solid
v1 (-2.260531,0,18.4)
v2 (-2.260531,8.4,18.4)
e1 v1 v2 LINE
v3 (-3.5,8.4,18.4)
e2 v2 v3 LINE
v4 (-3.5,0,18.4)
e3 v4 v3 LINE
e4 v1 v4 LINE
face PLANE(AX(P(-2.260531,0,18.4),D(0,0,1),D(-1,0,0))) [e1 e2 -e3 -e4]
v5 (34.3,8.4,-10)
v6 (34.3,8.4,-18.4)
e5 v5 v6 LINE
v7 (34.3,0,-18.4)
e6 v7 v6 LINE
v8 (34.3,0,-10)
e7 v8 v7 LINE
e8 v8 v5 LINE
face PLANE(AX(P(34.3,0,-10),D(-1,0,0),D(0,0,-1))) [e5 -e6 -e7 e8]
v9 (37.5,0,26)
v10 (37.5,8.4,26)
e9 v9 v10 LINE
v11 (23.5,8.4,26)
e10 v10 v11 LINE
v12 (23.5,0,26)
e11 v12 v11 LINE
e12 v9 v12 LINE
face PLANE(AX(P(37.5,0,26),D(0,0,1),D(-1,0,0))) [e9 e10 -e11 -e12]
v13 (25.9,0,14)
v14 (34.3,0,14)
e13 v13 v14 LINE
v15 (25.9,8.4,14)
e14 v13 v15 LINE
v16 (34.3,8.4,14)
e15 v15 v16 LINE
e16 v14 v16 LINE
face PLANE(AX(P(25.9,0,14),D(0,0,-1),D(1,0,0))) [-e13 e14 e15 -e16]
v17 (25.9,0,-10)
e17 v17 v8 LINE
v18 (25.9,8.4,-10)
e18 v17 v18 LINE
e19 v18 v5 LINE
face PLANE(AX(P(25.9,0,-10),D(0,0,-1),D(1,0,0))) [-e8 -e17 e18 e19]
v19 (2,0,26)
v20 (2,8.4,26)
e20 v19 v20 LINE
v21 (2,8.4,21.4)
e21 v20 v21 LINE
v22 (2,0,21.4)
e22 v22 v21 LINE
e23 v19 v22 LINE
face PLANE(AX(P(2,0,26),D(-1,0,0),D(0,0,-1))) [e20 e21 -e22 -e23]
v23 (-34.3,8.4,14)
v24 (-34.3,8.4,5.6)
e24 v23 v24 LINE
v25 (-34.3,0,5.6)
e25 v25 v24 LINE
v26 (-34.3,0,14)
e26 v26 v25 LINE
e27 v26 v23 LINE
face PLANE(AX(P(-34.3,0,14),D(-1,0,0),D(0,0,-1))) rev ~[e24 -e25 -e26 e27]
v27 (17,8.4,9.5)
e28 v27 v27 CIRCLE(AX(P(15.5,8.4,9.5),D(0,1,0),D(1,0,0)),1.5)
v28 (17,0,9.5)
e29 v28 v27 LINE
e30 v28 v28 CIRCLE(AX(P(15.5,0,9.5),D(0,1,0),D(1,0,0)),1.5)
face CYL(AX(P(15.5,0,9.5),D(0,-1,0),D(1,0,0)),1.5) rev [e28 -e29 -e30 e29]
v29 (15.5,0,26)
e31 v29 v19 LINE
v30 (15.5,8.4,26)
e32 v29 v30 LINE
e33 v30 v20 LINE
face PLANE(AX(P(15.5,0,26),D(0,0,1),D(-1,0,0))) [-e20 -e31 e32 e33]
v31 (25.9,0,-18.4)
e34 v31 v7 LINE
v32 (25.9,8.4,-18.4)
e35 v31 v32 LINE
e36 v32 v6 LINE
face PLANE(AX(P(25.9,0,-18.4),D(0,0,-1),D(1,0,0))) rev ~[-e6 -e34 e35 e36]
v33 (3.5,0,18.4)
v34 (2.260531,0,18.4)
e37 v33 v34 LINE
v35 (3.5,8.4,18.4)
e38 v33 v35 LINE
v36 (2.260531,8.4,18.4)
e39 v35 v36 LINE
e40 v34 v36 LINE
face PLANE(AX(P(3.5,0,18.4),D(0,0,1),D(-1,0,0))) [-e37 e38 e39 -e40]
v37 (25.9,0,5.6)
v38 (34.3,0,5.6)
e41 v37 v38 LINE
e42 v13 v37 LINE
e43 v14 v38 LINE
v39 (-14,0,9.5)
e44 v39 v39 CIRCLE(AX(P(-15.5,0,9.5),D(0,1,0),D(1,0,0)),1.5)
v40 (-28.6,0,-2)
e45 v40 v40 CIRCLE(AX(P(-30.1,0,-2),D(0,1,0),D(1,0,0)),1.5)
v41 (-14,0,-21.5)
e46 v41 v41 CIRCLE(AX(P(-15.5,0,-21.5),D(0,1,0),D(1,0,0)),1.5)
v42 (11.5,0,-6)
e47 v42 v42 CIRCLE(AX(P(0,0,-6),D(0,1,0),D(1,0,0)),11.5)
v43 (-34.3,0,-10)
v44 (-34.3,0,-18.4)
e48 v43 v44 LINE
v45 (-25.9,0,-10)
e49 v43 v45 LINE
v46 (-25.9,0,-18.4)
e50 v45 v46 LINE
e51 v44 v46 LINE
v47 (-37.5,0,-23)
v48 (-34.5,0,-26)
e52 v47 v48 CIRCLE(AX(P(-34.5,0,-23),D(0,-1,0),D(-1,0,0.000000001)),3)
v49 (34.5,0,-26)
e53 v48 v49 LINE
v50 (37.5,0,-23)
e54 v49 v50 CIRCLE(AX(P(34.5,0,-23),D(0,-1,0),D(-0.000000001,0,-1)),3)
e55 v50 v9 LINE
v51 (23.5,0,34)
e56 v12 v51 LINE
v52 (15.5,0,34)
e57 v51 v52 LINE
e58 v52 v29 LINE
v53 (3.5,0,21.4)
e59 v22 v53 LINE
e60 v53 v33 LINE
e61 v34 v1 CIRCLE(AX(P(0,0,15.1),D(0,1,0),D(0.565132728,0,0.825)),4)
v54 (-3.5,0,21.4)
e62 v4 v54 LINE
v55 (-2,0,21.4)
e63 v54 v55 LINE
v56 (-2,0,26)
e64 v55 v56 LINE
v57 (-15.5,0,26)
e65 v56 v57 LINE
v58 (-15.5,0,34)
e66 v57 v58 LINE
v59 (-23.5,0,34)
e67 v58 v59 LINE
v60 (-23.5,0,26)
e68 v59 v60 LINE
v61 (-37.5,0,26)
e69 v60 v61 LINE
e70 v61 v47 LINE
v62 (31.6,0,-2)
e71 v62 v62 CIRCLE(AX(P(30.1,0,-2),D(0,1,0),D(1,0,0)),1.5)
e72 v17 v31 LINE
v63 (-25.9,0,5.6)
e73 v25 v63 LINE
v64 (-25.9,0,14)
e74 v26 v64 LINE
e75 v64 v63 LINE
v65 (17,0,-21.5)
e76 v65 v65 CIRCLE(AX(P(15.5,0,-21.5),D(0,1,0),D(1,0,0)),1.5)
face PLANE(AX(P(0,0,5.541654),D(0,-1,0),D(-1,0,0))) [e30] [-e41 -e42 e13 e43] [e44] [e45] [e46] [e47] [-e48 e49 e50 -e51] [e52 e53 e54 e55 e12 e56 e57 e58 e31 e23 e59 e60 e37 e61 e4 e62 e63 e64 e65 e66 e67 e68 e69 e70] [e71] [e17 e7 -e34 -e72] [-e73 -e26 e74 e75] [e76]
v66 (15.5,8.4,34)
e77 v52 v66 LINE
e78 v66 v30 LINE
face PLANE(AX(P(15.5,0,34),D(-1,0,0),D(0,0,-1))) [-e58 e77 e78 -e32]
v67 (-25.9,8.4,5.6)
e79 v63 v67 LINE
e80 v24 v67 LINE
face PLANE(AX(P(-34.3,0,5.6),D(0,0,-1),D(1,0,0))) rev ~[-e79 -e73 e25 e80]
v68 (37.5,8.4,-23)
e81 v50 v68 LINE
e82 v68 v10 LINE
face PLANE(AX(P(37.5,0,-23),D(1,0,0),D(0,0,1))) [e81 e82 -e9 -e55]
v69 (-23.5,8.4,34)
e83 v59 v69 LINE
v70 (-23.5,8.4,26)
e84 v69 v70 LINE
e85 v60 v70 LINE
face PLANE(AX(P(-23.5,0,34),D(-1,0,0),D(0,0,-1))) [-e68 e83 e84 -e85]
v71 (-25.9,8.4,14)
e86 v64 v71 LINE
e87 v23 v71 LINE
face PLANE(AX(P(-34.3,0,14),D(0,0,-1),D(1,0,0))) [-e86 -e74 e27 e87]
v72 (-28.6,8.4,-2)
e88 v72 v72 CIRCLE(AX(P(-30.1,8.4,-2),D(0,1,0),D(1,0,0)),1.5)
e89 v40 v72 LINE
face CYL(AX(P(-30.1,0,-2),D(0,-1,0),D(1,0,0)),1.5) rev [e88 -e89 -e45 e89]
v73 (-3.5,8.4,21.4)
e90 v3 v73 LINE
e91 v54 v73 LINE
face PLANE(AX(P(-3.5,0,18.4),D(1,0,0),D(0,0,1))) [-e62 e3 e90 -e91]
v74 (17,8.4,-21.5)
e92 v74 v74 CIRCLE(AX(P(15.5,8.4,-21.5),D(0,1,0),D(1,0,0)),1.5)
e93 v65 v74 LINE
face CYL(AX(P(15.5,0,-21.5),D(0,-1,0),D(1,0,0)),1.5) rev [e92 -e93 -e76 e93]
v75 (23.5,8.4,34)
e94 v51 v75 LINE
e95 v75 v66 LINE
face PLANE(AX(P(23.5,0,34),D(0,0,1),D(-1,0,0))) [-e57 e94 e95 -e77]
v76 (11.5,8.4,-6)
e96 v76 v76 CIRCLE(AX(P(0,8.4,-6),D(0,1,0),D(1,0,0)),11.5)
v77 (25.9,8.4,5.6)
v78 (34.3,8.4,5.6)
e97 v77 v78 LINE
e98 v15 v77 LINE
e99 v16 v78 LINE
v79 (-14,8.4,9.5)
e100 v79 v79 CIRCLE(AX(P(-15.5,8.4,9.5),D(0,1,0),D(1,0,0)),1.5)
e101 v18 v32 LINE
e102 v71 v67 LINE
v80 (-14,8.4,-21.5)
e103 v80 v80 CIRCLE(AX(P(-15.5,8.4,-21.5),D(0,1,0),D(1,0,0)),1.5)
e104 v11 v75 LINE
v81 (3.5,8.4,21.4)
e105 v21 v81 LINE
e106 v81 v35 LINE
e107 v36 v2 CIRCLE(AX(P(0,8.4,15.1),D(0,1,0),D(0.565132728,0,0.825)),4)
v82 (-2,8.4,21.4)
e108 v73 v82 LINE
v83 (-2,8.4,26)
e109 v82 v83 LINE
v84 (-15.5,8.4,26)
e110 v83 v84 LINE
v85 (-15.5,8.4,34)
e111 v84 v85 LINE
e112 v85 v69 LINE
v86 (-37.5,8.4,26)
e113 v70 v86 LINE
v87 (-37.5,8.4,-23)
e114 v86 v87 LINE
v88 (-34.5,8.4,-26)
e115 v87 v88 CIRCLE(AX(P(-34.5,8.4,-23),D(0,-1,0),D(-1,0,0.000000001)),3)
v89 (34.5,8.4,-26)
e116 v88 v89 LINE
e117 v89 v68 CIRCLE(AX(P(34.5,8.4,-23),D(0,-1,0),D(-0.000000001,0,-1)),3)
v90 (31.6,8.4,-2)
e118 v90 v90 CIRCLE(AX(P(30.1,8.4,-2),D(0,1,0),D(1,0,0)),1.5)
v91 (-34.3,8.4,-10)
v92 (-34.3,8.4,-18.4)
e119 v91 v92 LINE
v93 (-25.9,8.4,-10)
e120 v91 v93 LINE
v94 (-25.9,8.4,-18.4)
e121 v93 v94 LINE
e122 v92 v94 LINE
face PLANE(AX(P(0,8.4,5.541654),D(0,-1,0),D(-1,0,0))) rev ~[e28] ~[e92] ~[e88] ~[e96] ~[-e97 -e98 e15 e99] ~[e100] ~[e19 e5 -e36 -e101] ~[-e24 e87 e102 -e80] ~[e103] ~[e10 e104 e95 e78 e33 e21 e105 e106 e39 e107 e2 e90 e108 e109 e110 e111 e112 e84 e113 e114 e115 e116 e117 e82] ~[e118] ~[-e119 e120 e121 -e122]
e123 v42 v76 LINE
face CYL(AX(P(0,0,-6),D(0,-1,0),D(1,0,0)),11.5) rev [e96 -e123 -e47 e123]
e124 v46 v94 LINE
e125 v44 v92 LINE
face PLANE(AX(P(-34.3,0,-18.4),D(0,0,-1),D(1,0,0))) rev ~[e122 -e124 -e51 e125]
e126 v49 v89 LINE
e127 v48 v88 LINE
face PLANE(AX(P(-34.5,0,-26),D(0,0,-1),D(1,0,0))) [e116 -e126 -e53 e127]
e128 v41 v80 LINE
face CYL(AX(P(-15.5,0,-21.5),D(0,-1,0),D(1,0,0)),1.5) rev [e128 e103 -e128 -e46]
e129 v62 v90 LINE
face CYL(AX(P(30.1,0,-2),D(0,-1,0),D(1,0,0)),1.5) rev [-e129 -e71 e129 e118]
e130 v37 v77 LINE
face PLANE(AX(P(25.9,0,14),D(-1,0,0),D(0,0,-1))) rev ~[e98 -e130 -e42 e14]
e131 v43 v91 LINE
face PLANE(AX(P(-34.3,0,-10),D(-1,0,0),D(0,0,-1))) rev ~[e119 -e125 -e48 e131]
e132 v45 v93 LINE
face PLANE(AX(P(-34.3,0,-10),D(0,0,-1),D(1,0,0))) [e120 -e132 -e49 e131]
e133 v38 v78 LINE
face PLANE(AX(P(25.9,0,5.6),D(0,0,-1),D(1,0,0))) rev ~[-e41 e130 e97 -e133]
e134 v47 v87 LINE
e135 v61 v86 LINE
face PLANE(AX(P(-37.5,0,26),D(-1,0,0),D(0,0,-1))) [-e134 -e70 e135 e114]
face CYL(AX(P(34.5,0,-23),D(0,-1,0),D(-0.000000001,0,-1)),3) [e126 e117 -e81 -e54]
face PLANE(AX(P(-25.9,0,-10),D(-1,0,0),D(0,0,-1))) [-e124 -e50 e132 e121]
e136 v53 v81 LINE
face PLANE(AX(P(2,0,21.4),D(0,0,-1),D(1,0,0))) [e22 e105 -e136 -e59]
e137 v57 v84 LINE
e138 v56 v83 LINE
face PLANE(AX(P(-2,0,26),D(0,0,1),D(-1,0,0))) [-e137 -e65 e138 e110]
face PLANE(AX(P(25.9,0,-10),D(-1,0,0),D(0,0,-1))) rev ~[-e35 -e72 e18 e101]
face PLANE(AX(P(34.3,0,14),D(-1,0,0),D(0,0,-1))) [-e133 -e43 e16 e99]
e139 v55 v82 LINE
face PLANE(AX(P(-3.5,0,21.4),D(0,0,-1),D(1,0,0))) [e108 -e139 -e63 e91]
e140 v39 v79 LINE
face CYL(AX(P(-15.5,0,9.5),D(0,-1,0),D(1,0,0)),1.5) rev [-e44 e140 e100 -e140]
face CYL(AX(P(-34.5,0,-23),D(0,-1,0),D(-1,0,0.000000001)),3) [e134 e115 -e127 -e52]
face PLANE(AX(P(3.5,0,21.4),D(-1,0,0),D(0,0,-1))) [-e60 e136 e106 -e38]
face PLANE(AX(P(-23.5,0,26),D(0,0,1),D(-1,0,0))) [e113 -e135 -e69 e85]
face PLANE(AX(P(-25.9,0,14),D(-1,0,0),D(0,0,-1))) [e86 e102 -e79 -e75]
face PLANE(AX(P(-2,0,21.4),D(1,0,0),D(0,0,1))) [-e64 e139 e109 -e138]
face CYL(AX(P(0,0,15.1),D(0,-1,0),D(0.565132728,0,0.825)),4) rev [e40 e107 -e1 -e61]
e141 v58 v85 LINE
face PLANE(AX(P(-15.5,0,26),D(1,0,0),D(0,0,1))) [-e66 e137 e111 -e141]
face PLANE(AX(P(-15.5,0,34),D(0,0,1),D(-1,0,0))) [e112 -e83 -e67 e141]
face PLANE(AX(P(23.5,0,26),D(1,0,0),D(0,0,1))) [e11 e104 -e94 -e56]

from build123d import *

# Parameters (mm, degrees)
SKETCH1_R           = 11.5
SKETCH1_R_2         = 1.5
SKETCH1_W           = 8.4
SKETCH1_H           = 8.4
BOSS_EXTRUDE1_DEPTH = 8.4


with BuildPart() as part:
    # Sketch1 → Boss-Extrude1 (new body)
    with BuildSketch(Plane(origin=(0, 0, 0), x_dir=(1, 0, 0), z_dir=(0, 1, 0))):
        with BuildLine():
            Line((-34.5, 26), (34.5, 26))
            ThreePointArc((34.5, 26), (36.621320344, 25.121320344), (37.5, 23))
            Line((37.5, 23), (37.5, -26))
            Line((37.5, -26), (23.5, -26))
            Line((23.5, -26), (23.5, -34))
            Line((23.5, -34), (15.5, -34))
            Line((15.5, -34), (15.5, -26))
            Line((15.5, -26), (2, -26))
            Line((2, -26), (2, -21.4))
            Line((2, -21.4), (3.5, -21.4))
            Line((3.5, -21.4), (3.5, -18.4))
            Line((3.5, -18.4), (2.260530911, -18.4))
            ThreePointArc((2.260530911, -18.4), (0, -11.1), (-2.260530911, -18.4))
            Line((-2.260530911, -18.4), (-3.5, -18.4))
            Line((-3.5, -18.4), (-3.5, -21.4))
            Line((-3.5, -21.4), (-2, -21.4))
            Line((-2, -21.4), (-2, -26))
            Line((-2, -26), (-15.5, -26))
            Line((-15.5, -26), (-15.5, -34))
            Line((-15.5, -34), (-23.5, -34))
            Line((-23.5, -34), (-23.5, -26))
            Line((-23.5, -26), (-37.5, -26))
            Line((-37.5, -26), (-37.5, 23))
            ThreePointArc((-37.5, 23), (-36.621320344, 25.121320344), (-34.5, 26))
        make_face()
        with Locations((0, 6)):
            Circle(SKETCH1_R, mode=Mode.SUBTRACT)
        with Locations((15.5, 21.5)):
            Circle(SKETCH1_R_2, mode=Mode.SUBTRACT)
        with Locations((-15.5, 21.5)):
            Circle(SKETCH1_R_2, mode=Mode.SUBTRACT)
        with Locations((15.5, -9.5)):
            Circle(SKETCH1_R_2, mode=Mode.SUBTRACT)
        with Locations((-15.5, -9.5)):
            Circle(SKETCH1_R_2, mode=Mode.SUBTRACT)
        with Locations((-30.1, 2)):
            Circle(SKETCH1_R_2, mode=Mode.SUBTRACT)
        with Locations((30.1, 2)):
            Circle(SKETCH1_R_2, mode=Mode.SUBTRACT)
        with Locations((-30.1, 14.2)):
            Rectangle(SKETCH1_W, SKETCH1_H, mode=Mode.SUBTRACT)
        with Locations((-30.1, -9.8)):
            Rectangle(SKETCH1_W, SKETCH1_H, mode=Mode.SUBTRACT)
        with Locations((30.1, -9.8)):
            Rectangle(SKETCH1_W, SKETCH1_H, mode=Mode.SUBTRACT)
        with Locations((30.1, 14.2)):
            Rectangle(SKETCH1_W, SKETCH1_H, mode=Mode.SUBTRACT)
    extrude(amount=BOSS_EXTRUDE1_DEPTH)


solid = part.part
